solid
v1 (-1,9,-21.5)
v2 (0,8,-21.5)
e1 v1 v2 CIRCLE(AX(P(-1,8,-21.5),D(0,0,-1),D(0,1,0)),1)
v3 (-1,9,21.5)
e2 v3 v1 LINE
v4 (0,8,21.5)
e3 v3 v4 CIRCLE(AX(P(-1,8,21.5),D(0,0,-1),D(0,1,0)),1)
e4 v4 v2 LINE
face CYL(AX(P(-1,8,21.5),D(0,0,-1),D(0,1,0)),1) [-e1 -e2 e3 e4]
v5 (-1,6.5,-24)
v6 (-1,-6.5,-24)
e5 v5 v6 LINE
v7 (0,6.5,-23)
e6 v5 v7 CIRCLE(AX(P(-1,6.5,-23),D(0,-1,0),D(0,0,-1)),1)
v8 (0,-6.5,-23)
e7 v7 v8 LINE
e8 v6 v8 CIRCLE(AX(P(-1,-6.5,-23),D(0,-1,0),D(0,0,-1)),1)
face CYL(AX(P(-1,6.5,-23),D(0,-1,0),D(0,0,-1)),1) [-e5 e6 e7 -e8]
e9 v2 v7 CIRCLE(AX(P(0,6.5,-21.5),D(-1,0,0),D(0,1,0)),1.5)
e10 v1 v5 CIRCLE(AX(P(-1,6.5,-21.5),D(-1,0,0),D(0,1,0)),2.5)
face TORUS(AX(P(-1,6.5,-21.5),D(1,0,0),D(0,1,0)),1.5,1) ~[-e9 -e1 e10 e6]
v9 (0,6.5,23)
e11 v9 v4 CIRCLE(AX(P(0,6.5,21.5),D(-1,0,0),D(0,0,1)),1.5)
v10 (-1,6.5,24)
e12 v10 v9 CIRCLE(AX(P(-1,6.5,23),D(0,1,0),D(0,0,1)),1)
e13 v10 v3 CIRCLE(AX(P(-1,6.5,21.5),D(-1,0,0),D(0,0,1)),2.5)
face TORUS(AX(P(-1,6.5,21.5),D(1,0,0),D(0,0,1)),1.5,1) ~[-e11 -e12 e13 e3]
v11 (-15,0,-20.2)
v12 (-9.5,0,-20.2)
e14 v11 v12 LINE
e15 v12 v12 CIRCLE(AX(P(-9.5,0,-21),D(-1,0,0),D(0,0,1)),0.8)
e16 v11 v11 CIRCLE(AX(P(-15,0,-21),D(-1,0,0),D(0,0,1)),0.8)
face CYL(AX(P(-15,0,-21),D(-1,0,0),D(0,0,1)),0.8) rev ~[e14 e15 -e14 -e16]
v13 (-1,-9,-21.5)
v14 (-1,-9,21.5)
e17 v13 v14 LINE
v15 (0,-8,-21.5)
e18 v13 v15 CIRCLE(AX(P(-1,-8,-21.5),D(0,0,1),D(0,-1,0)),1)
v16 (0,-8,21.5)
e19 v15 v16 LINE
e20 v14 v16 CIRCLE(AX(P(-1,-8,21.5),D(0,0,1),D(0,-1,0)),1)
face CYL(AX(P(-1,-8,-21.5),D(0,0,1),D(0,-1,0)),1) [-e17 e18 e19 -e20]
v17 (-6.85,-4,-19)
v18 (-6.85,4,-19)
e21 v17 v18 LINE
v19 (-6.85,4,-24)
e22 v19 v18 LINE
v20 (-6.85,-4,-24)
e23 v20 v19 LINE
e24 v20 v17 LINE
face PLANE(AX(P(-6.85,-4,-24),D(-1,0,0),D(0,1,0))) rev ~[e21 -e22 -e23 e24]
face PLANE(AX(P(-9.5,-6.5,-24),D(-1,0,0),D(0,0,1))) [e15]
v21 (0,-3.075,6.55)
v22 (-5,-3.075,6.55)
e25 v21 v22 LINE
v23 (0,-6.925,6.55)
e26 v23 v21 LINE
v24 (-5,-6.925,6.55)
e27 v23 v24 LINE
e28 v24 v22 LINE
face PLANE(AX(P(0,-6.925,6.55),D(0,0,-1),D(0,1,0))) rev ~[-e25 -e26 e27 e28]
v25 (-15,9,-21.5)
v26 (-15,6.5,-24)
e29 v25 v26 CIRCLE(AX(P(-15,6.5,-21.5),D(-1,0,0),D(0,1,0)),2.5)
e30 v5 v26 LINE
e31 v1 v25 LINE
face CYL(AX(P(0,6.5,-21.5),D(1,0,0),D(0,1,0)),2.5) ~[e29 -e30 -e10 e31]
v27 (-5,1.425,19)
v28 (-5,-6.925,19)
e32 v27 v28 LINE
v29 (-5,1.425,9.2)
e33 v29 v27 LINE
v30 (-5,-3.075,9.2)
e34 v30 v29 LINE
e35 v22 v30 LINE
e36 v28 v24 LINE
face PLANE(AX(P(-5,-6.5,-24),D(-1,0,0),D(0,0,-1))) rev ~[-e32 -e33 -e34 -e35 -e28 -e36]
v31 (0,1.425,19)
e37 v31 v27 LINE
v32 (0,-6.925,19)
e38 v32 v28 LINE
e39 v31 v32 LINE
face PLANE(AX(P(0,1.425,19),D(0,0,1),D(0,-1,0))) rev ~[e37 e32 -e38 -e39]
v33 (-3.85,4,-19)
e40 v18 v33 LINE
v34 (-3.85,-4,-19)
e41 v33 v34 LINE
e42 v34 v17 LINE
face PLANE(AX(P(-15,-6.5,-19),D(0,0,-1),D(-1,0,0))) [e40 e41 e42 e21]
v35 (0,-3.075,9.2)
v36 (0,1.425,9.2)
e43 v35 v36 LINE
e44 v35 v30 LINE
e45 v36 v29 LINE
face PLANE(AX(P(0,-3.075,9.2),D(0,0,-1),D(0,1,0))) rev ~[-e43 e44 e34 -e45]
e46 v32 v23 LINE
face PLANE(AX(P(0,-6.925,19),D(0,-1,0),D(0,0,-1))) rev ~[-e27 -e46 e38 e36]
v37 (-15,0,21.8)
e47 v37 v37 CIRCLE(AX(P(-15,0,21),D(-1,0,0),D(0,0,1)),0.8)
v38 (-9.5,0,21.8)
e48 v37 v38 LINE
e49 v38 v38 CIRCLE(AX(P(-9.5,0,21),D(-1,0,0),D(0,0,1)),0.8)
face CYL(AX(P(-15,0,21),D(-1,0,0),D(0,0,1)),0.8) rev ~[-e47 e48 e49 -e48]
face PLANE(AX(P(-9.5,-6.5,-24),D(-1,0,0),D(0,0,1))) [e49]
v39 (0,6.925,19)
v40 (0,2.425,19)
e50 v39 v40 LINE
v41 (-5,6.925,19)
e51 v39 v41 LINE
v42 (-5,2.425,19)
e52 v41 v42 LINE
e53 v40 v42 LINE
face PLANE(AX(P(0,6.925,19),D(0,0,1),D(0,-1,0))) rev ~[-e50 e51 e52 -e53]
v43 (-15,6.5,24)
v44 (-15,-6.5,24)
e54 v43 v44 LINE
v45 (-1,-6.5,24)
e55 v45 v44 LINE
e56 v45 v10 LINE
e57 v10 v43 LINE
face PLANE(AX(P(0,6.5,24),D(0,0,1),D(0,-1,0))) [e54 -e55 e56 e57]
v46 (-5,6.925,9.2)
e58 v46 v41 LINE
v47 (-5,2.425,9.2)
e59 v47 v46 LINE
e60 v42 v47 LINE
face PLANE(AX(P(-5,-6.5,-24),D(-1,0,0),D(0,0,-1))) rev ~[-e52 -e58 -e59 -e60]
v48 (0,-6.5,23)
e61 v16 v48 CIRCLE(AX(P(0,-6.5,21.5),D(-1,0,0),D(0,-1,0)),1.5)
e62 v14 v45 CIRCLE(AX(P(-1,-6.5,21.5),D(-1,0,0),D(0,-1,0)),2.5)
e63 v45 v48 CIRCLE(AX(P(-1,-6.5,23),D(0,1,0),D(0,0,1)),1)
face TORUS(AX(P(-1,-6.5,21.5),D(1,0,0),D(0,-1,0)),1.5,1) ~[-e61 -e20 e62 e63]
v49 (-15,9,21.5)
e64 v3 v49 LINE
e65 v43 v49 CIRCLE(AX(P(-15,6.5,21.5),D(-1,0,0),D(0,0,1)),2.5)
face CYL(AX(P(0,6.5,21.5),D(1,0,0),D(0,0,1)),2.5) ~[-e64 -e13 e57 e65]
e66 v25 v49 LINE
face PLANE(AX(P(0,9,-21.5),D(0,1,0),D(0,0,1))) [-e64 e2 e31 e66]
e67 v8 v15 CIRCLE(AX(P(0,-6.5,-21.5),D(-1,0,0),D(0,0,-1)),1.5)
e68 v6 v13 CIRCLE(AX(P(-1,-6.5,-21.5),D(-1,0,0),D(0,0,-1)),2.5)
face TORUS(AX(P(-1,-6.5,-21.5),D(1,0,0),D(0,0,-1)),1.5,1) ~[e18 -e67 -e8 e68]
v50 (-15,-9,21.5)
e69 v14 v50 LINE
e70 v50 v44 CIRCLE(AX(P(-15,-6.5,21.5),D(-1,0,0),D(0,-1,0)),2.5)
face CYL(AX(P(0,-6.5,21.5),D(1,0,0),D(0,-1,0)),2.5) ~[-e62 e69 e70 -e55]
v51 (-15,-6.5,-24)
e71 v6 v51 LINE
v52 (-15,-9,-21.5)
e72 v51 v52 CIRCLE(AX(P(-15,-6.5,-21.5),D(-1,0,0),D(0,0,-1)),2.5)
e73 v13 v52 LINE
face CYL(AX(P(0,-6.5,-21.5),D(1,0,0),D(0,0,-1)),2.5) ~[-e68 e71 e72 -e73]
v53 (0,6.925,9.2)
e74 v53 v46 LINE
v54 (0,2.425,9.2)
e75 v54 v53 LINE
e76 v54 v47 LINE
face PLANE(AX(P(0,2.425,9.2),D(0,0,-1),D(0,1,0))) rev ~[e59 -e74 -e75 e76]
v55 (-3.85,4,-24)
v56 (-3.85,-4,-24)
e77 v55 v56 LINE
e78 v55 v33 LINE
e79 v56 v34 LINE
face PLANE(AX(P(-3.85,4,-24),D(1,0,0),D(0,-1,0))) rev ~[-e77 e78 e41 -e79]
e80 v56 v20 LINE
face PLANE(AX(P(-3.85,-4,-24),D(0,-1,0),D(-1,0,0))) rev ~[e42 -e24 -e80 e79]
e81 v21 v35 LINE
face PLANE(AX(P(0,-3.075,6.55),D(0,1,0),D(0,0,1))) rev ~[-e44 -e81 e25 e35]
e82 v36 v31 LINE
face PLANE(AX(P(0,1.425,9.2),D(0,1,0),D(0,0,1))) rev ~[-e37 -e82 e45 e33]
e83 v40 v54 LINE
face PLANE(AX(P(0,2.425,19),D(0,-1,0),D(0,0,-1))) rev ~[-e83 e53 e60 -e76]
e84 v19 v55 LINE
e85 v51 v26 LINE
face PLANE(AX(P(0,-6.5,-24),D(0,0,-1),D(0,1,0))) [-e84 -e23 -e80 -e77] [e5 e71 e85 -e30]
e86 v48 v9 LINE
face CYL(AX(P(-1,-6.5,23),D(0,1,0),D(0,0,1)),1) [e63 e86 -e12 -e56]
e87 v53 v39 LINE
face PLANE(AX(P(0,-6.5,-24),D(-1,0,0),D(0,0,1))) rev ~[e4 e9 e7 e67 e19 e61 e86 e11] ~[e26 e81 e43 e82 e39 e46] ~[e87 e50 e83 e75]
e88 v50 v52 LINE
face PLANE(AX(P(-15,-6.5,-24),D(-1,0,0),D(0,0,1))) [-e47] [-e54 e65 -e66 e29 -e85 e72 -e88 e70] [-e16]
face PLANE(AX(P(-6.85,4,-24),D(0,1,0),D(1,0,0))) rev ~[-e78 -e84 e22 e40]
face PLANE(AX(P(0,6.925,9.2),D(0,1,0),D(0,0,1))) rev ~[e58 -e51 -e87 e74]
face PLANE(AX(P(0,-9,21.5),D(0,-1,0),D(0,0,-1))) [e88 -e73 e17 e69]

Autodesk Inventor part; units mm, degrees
ref_plane "YZ Plane" through (0, 0, 0) normal (1, 0, 0) x (0, 1, 0)
ref_plane "XZ Plane" through (0, 0, 0) normal (0, 1, 0) x (-1, 0, 0)
ref_plane "XY Plane" through (0, 0, 0) normal (0, 0, 1) x (1, 0, 0)
sketch "スケッチ2" plane through (0, -6.5, -24) normal (-1, 0, 0) x (0, 0, 1)
  arc A0 (2.5, 15.5) -> (0, 13) centre (2.5, 13) ccw projected
  line L0 (0, 0) -> (0, 13) projected
  arc A1 (0, 0) -> (2.5, -2.5) centre (2.5, 0) ccw projected
  line L1 (45.5, -2.5) -> (2.5, -2.5) projected
  arc A2 (45.5, -2.5) -> (48, 0) centre (45.5, 0) ccw projected
  line L2 (48, 13) -> (48, 0) projected
  arc A3 (48, 13) -> (45.5, 15.5) centre (45.5, 13) ccw projected
  line L3 (2.5, 15.5) -> (45.5, 15.5) projected
  point P0 (24, 6.5)
extrude "押し出し2" add sketch "スケッチ2" along normal blind 15
sketch "スケッチ1" plane through (-15, -6.5, -24) normal (-1, 0, 0) x (0, 0, 1)
  line L0 (24, 6.5) -> (24, -15.1868) construction
  circle A0 centre (45, 6.5) radius 0.8
  circle A1 centre (3, 6.5) radius 0.8
  line L1 (45, 6.5) -> (24, 6.5) construction
  dimension "d0" = 1.6
  dimension "d1" = 42
extrude "押し出し1" cut sketch "スケッチ1" against normal blind 5.5
sketch "スケッチ3" plane through (0, -6.5, -24) normal (-1, 0, 0) x (0, 0, -1)
  line L0 (-33.2, -7.925) -> (-43, -7.925)
  line L1 (-43, -7.925) -> (-43, 0.425)
  line L2 (-43, 0.425) -> (-30.55, 0.425)
  line L3 (-30.55, 0.425) -> (-30.55, -3.425)
  line L4 (-30.55, -3.425) -> (-33.2, -3.425)
  line L5 (-33.2, -3.425) -> (-33.2, -7.925)
  line L6 (-43, -13.425) -> (-43, -8.925)
  line L7 (-43, -8.925) -> (-33.2, -8.925)
  line L8 (-33.2, -8.925) -> (-33.2, -13.425)
  line L9 (-33.2, -13.425) -> (-43, -13.425)
  point P0 (-24, -6.5)
extrude "押し出し3" cut sketch "スケッチ3" along normal blind 5
fillet "フィレット1" radius 1 8 edges at (0, 8.2678, -23.2678) (0, 0, -24) (0, -8.2678, -23.2678) (0, -9, 0) (0, -8.2678, 23.2678) (0, 0, 24) (0, 8.2678, 23.2678) (0, 9, 0)
sketch "スケッチ4" plane through (-15, -6.5, -24) normal (0, 0, -1) x (-1, 0, 0)
  line L0 (-11.15, 2.5) -> (-8.15, 2.5)
  line L1 (-8.15, 2.5) -> (-8.15, 10.5)
  line L2 (-8.15, 10.5) -> (-11.15, 10.5)
  line L3 (-11.15, 10.5) -> (-11.15, 2.5)
  line L4 (-15, 6.5) -> (-11.15, 6.5) construction
  dimension "d9" = 8
  dimension "d10" = 3
  dimension "d11" = 3.85
extrude "押し出し4" cut sketch "スケッチ4" against normal blind 5
properties part number "U2D2" material "ABS プラスチック"
